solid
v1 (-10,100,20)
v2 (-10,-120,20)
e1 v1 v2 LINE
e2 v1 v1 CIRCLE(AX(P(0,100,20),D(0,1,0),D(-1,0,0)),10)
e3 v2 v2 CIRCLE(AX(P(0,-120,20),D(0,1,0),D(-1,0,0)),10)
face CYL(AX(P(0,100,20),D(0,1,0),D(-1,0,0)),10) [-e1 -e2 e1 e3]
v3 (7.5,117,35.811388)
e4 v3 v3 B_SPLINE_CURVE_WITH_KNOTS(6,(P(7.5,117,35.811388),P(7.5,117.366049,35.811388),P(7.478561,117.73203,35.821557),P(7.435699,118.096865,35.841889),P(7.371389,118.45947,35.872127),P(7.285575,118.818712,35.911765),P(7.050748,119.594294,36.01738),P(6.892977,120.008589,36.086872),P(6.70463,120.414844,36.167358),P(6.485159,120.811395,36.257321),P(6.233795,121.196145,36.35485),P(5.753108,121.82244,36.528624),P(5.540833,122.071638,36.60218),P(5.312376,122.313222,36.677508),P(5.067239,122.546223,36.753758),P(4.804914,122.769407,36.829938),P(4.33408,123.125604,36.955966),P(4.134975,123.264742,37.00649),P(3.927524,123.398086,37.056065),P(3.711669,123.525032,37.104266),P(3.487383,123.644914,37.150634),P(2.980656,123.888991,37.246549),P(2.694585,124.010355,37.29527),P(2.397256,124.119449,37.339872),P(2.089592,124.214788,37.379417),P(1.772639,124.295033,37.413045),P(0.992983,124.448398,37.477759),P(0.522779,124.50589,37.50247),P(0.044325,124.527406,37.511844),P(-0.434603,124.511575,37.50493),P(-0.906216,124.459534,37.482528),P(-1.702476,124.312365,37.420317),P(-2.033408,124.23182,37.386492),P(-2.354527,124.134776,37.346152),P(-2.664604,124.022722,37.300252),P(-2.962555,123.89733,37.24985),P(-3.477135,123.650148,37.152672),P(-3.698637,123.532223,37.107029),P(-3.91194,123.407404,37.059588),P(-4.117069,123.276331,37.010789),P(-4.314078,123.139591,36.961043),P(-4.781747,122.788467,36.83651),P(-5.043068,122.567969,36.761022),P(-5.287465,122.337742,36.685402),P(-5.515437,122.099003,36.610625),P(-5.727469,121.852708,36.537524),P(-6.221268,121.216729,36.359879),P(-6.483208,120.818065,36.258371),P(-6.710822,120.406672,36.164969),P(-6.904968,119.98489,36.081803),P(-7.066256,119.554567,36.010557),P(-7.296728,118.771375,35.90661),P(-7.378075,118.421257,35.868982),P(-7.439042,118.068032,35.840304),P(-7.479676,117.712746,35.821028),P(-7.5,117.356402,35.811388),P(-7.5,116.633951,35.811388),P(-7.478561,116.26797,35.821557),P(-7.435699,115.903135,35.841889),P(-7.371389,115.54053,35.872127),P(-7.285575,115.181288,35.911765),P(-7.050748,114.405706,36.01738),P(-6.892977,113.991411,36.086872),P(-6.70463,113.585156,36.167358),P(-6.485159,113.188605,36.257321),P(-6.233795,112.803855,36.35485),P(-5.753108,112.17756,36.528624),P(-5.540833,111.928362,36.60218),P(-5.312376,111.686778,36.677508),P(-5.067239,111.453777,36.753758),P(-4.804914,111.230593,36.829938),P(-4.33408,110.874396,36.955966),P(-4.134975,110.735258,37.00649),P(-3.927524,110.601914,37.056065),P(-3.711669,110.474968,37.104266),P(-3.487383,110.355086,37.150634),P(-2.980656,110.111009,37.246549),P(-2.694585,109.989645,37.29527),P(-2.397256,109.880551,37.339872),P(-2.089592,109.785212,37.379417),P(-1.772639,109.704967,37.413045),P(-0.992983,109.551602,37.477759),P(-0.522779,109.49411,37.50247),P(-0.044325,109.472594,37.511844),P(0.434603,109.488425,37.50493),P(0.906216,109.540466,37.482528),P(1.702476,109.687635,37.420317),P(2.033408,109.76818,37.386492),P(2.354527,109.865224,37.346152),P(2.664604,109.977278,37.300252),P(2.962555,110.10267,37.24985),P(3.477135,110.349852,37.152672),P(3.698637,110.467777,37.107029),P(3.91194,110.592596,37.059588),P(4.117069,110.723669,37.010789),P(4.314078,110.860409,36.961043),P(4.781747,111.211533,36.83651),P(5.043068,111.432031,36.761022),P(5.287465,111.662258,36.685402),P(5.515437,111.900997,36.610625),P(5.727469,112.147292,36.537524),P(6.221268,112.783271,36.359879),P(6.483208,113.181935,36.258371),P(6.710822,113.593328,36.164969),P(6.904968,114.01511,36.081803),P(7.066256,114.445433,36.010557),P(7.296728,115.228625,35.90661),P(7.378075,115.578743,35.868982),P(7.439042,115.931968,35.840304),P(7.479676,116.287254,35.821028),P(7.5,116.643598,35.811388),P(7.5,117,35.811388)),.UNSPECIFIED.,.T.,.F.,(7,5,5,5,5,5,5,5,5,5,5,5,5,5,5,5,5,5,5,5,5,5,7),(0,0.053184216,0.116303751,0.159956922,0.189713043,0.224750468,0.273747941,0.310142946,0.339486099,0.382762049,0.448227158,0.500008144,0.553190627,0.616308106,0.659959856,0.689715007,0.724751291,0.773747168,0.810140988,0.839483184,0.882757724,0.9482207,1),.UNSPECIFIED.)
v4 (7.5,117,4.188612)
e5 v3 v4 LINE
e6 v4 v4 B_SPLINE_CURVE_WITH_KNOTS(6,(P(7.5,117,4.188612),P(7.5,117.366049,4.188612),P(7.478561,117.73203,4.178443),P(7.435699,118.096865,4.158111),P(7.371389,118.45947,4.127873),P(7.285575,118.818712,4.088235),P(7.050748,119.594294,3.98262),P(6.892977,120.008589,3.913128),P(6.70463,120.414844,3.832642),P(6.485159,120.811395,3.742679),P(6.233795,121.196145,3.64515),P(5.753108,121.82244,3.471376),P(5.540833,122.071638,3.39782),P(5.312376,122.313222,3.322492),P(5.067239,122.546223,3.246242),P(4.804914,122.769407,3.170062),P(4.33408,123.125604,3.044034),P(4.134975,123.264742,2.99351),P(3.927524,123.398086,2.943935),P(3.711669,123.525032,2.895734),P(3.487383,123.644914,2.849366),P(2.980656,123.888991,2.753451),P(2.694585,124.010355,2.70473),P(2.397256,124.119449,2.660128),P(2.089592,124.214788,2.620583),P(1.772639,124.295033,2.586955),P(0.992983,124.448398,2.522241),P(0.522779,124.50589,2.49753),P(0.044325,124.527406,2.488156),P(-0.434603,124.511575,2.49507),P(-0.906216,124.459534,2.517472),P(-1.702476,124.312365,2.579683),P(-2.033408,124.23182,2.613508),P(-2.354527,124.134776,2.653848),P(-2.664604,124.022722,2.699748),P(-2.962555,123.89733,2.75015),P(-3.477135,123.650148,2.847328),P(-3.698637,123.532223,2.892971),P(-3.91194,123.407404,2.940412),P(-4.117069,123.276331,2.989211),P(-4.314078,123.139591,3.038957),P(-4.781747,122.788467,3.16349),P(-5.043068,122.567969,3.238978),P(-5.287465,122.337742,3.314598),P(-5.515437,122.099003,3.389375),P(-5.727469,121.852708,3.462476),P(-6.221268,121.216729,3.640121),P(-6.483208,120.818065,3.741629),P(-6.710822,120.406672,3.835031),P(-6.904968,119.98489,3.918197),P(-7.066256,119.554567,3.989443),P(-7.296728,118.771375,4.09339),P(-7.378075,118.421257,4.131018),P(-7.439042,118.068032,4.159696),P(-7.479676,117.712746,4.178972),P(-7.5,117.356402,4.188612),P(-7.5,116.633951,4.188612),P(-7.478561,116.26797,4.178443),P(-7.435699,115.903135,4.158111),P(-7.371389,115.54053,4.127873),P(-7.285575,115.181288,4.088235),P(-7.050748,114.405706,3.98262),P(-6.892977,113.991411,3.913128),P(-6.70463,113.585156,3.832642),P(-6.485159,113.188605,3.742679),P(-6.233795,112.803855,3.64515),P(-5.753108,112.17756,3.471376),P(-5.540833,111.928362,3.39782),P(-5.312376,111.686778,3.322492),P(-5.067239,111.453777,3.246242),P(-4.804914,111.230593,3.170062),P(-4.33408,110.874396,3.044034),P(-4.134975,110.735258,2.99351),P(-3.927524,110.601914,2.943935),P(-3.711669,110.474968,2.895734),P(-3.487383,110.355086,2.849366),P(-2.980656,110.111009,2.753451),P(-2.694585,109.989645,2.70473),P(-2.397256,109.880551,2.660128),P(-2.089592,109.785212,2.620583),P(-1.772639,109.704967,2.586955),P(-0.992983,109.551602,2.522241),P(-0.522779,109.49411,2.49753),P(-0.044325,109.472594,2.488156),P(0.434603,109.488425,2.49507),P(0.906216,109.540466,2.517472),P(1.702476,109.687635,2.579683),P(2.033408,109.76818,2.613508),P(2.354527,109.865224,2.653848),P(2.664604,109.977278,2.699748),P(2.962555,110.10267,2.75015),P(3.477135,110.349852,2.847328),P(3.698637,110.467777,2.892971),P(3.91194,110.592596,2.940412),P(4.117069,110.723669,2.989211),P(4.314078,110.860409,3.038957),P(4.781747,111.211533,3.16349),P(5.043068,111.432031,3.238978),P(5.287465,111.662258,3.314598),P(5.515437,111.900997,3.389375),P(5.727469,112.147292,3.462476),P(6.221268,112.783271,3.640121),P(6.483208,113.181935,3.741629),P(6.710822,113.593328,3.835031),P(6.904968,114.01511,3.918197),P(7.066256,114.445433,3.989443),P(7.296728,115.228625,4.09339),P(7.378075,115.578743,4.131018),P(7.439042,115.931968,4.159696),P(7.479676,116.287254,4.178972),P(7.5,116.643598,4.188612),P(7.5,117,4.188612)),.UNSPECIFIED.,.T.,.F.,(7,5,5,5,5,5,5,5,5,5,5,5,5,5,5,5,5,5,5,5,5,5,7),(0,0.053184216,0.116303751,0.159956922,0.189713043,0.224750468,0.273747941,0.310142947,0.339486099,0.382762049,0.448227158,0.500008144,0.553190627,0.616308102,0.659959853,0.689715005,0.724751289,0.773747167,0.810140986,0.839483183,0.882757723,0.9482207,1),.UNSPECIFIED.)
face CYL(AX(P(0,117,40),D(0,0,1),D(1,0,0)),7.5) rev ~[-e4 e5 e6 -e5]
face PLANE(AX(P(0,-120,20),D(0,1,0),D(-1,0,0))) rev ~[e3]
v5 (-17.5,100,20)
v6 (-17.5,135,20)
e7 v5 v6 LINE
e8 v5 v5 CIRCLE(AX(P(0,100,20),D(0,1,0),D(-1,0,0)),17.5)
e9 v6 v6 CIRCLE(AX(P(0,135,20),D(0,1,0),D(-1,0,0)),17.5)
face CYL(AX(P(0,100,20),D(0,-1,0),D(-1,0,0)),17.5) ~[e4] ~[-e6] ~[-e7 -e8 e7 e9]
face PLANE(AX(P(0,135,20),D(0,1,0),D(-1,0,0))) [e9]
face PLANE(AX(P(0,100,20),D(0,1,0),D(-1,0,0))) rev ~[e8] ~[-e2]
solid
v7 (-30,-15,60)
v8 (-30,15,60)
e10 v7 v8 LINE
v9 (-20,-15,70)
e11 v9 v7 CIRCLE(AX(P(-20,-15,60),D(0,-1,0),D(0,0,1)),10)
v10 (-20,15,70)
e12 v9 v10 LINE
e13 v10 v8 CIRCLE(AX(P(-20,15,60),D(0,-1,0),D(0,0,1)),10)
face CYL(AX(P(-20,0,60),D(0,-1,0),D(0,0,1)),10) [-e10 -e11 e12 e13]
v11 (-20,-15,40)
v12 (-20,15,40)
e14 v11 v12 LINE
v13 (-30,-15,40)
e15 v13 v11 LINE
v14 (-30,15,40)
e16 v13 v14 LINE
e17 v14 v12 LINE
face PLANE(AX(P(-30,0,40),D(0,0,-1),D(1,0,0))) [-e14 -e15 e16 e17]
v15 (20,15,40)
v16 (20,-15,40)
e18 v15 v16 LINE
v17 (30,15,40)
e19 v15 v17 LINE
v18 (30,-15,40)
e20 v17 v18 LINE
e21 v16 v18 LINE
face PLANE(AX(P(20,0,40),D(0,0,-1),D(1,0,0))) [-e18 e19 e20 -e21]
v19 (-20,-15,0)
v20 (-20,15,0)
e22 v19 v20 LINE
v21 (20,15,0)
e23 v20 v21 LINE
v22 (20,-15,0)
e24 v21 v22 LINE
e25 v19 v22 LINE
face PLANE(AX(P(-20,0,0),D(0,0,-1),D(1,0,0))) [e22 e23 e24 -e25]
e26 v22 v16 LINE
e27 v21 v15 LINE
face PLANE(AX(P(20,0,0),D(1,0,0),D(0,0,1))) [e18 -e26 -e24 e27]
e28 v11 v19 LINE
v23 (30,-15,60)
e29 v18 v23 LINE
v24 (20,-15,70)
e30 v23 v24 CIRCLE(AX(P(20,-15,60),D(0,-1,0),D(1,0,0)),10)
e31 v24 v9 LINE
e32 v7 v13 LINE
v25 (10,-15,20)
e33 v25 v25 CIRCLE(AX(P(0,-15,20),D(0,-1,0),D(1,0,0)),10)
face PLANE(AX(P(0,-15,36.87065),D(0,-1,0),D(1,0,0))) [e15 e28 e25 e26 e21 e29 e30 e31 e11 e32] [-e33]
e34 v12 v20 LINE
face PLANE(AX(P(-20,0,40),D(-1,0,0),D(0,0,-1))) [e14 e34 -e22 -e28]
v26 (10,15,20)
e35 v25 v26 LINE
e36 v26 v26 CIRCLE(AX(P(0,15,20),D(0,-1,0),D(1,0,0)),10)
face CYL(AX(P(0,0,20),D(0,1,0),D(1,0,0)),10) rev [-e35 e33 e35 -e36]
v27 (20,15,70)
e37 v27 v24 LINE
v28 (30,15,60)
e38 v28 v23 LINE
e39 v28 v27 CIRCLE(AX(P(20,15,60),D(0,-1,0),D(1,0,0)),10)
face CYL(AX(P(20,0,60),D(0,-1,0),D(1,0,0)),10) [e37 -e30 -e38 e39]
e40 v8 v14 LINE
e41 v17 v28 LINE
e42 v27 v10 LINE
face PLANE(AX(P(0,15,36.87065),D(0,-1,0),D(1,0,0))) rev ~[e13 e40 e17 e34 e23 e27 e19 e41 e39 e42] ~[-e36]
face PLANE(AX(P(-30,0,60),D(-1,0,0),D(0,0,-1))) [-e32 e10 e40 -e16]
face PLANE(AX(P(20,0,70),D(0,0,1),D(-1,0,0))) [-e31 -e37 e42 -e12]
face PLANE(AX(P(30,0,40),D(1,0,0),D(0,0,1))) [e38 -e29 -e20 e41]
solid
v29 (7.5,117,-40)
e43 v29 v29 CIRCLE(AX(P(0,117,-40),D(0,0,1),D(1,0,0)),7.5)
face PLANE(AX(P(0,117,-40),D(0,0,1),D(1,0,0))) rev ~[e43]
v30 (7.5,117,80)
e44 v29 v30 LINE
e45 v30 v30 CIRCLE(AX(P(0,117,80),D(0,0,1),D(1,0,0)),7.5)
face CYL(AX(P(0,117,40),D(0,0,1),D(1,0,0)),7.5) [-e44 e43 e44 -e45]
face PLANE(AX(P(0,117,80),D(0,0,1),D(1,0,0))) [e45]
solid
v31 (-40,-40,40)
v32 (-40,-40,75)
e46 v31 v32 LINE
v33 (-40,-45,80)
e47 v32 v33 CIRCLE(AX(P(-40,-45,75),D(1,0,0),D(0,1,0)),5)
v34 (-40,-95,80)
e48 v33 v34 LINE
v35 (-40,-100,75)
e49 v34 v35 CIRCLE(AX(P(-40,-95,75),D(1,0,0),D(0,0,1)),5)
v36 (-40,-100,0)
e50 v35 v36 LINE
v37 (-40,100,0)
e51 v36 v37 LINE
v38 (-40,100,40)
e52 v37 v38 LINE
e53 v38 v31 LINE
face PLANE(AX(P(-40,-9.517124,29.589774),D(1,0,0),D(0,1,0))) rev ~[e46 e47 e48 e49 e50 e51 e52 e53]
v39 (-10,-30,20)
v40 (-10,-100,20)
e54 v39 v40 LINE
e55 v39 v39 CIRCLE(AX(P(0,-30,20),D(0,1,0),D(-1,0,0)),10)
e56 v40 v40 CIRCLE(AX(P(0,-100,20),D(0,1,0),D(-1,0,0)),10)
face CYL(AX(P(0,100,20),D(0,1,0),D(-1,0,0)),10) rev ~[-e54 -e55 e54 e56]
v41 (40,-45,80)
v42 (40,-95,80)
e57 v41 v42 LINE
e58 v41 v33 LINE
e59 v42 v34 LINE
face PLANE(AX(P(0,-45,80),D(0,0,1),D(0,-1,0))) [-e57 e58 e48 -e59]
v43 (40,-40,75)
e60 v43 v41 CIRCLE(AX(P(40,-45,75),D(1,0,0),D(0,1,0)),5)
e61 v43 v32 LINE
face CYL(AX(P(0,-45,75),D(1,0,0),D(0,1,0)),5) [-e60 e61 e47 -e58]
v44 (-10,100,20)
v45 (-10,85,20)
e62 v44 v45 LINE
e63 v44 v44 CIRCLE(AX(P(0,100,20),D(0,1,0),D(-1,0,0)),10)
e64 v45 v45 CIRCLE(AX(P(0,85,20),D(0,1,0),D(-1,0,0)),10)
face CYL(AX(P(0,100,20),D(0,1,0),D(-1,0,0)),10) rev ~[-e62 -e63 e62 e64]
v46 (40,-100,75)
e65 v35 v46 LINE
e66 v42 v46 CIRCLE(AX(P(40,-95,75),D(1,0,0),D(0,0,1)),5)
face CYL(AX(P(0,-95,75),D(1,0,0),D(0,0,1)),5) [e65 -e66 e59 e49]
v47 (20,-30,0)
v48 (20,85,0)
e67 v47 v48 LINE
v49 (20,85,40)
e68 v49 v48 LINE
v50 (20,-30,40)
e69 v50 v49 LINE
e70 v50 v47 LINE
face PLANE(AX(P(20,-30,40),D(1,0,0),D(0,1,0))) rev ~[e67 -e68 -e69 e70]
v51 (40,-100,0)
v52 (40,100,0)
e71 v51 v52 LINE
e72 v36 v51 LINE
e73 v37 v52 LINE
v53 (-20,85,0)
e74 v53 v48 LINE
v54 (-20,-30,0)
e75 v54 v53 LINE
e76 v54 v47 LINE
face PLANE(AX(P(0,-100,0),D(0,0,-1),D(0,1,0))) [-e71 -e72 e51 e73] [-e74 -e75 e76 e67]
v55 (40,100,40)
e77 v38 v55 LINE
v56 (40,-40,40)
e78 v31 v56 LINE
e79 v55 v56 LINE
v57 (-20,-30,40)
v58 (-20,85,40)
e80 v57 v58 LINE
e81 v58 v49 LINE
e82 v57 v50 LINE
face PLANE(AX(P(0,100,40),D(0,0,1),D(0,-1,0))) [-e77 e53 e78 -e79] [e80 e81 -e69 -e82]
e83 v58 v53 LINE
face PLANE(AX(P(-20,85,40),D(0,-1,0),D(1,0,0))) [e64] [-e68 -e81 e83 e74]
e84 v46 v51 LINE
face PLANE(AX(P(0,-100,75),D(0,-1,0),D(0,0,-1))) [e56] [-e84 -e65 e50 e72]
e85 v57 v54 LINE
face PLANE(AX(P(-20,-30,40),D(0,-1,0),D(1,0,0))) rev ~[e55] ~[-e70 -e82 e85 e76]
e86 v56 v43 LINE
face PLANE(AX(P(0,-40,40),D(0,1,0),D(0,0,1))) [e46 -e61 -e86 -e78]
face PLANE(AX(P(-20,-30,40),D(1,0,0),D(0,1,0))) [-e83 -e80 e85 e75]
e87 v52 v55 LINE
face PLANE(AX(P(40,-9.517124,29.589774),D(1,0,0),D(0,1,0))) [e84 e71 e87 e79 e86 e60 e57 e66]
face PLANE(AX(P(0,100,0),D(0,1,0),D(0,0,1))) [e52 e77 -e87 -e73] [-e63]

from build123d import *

# Parameters (mm, degrees)
F1_DEPTH       = 40
F2_W           = 40
F2_H           = 115
F3_DEPTH       = 40
F4_R           = 10
F5_DEPTH       = 200.001
F6_R           = 10
F7_DEPTH       = 15
F8_R           = 17.5
F8_R_2         = 10
F9_DEPTH       = 35
F10_DEPTH      = 220
F11_R          = 7.5
F12_DEPTH      = 40.001
F13_R          = 7.5
F14_DEPTH      = 40
F14_DEPTH_BACK = 80


with BuildPart() as f1:
    # F0 (on Right) → F1 (new body, symmetric)
    with BuildSketch(Plane.YZ):
        with BuildLine():
            ThreePointArc((-95, 80), (-98.5355339059, 78.5355339059), (-100, 75))
            Line((-100, 75), (-100, 0))
            Line((-100, 0), (100, 0))
            Line((100, 0), (100, 40))
            Line((100, 40), (-40, 40))
            Line((-40, 40), (-40, 75))
            ThreePointArc((-40, 75), (-41.4644660941, 78.5355339059), (-45, 80))
            Line((-45, 80), (-95, 80))
        make_face()
    extrude(amount=F1_DEPTH, both=True)

    # F2 (on face) → F3 (cut, through all)
    with BuildSketch(Plane.XY.offset(40)):
        with Locations((0, 27.5)):
            Rectangle(F2_W, F2_H)
    extrude(amount=-F3_DEPTH, mode=Mode.SUBTRACT)

    # F4 (on face) → F5 (cut, through all)
    with BuildSketch(Plane(origin=(0, 100, 0), x_dir=(-1, 0, 0), z_dir=(0, 1, 0))):
        with Locations((0, 20)):
            Circle(F4_R)
    extrude(amount=-F5_DEPTH, mode=Mode.SUBTRACT)


with BuildPart() as f7:
    # F6 (on Front) → F7 (new body, symmetric)
    with BuildSketch(Plane.XZ):
        with BuildLine():
            Line((-20, 0), (20, 0))
            Line((20, 0), (20, 40))
            Line((20, 40), (30, 40))
            Line((30, 40), (30, 60))
            ThreePointArc((30, 60), (27.0710678119, 67.0710678119), (20, 70))
            Line((20, 70), (-20, 70))
            ThreePointArc((-20, 70), (-27.0710678119, 67.0710678119), (-30, 60))
            Line((-30, 60), (-30, 40))
            Line((-30, 40), (-20, 40))
            Line((-20, 40), (-20, 0))
        make_face()
        with Locations((0, 20)):
            Circle(F6_R, mode=Mode.SUBTRACT)
    extrude(amount=F7_DEPTH, both=True)


with BuildPart() as f9:
    # F8 (on face) → F9 (new body)
    with BuildSketch(Plane(origin=(0, 100, 0), x_dir=(-1, 0, 0), z_dir=(0, 1, 0))):
        with Locations((0, 20)):
            Circle(F8_R)
        with Locations((0, 20)):
            Circle(F8_R_2, mode=Mode.SUBTRACT)
        with Locations((0, 20)):
            Circle(F8_R_2)
    extrude(amount=F9_DEPTH)

    # F8 (on face) → F10 (join)
    with BuildSketch(Plane(origin=(0, 100, 0), x_dir=(-1, 0, 0), z_dir=(0, 1, 0))):
        with Locations((0, 20)):
            Circle(F8_R_2)
    extrude(amount=-F10_DEPTH)

    # F11 (on face) → F12 (cut, through all)
    with BuildSketch(Plane.XY.offset(40)):
        with Locations((0, 117)):
            Circle(F11_R)
    extrude(amount=-F12_DEPTH, mode=Mode.SUBTRACT)


with BuildPart() as f14:
    # F13 (on face) → F14 (new body, two sides)
    with BuildSketch(Plane.XY.offset(40)) as f14_sk:
        with Locations((0, 117)):
            Circle(F13_R)
    extrude(amount=F14_DEPTH)
    extrude(f14_sk.sketch, amount=-F14_DEPTH_BACK)


solid = Compound([f1.part, f7.part, f9.part, f14.part])
